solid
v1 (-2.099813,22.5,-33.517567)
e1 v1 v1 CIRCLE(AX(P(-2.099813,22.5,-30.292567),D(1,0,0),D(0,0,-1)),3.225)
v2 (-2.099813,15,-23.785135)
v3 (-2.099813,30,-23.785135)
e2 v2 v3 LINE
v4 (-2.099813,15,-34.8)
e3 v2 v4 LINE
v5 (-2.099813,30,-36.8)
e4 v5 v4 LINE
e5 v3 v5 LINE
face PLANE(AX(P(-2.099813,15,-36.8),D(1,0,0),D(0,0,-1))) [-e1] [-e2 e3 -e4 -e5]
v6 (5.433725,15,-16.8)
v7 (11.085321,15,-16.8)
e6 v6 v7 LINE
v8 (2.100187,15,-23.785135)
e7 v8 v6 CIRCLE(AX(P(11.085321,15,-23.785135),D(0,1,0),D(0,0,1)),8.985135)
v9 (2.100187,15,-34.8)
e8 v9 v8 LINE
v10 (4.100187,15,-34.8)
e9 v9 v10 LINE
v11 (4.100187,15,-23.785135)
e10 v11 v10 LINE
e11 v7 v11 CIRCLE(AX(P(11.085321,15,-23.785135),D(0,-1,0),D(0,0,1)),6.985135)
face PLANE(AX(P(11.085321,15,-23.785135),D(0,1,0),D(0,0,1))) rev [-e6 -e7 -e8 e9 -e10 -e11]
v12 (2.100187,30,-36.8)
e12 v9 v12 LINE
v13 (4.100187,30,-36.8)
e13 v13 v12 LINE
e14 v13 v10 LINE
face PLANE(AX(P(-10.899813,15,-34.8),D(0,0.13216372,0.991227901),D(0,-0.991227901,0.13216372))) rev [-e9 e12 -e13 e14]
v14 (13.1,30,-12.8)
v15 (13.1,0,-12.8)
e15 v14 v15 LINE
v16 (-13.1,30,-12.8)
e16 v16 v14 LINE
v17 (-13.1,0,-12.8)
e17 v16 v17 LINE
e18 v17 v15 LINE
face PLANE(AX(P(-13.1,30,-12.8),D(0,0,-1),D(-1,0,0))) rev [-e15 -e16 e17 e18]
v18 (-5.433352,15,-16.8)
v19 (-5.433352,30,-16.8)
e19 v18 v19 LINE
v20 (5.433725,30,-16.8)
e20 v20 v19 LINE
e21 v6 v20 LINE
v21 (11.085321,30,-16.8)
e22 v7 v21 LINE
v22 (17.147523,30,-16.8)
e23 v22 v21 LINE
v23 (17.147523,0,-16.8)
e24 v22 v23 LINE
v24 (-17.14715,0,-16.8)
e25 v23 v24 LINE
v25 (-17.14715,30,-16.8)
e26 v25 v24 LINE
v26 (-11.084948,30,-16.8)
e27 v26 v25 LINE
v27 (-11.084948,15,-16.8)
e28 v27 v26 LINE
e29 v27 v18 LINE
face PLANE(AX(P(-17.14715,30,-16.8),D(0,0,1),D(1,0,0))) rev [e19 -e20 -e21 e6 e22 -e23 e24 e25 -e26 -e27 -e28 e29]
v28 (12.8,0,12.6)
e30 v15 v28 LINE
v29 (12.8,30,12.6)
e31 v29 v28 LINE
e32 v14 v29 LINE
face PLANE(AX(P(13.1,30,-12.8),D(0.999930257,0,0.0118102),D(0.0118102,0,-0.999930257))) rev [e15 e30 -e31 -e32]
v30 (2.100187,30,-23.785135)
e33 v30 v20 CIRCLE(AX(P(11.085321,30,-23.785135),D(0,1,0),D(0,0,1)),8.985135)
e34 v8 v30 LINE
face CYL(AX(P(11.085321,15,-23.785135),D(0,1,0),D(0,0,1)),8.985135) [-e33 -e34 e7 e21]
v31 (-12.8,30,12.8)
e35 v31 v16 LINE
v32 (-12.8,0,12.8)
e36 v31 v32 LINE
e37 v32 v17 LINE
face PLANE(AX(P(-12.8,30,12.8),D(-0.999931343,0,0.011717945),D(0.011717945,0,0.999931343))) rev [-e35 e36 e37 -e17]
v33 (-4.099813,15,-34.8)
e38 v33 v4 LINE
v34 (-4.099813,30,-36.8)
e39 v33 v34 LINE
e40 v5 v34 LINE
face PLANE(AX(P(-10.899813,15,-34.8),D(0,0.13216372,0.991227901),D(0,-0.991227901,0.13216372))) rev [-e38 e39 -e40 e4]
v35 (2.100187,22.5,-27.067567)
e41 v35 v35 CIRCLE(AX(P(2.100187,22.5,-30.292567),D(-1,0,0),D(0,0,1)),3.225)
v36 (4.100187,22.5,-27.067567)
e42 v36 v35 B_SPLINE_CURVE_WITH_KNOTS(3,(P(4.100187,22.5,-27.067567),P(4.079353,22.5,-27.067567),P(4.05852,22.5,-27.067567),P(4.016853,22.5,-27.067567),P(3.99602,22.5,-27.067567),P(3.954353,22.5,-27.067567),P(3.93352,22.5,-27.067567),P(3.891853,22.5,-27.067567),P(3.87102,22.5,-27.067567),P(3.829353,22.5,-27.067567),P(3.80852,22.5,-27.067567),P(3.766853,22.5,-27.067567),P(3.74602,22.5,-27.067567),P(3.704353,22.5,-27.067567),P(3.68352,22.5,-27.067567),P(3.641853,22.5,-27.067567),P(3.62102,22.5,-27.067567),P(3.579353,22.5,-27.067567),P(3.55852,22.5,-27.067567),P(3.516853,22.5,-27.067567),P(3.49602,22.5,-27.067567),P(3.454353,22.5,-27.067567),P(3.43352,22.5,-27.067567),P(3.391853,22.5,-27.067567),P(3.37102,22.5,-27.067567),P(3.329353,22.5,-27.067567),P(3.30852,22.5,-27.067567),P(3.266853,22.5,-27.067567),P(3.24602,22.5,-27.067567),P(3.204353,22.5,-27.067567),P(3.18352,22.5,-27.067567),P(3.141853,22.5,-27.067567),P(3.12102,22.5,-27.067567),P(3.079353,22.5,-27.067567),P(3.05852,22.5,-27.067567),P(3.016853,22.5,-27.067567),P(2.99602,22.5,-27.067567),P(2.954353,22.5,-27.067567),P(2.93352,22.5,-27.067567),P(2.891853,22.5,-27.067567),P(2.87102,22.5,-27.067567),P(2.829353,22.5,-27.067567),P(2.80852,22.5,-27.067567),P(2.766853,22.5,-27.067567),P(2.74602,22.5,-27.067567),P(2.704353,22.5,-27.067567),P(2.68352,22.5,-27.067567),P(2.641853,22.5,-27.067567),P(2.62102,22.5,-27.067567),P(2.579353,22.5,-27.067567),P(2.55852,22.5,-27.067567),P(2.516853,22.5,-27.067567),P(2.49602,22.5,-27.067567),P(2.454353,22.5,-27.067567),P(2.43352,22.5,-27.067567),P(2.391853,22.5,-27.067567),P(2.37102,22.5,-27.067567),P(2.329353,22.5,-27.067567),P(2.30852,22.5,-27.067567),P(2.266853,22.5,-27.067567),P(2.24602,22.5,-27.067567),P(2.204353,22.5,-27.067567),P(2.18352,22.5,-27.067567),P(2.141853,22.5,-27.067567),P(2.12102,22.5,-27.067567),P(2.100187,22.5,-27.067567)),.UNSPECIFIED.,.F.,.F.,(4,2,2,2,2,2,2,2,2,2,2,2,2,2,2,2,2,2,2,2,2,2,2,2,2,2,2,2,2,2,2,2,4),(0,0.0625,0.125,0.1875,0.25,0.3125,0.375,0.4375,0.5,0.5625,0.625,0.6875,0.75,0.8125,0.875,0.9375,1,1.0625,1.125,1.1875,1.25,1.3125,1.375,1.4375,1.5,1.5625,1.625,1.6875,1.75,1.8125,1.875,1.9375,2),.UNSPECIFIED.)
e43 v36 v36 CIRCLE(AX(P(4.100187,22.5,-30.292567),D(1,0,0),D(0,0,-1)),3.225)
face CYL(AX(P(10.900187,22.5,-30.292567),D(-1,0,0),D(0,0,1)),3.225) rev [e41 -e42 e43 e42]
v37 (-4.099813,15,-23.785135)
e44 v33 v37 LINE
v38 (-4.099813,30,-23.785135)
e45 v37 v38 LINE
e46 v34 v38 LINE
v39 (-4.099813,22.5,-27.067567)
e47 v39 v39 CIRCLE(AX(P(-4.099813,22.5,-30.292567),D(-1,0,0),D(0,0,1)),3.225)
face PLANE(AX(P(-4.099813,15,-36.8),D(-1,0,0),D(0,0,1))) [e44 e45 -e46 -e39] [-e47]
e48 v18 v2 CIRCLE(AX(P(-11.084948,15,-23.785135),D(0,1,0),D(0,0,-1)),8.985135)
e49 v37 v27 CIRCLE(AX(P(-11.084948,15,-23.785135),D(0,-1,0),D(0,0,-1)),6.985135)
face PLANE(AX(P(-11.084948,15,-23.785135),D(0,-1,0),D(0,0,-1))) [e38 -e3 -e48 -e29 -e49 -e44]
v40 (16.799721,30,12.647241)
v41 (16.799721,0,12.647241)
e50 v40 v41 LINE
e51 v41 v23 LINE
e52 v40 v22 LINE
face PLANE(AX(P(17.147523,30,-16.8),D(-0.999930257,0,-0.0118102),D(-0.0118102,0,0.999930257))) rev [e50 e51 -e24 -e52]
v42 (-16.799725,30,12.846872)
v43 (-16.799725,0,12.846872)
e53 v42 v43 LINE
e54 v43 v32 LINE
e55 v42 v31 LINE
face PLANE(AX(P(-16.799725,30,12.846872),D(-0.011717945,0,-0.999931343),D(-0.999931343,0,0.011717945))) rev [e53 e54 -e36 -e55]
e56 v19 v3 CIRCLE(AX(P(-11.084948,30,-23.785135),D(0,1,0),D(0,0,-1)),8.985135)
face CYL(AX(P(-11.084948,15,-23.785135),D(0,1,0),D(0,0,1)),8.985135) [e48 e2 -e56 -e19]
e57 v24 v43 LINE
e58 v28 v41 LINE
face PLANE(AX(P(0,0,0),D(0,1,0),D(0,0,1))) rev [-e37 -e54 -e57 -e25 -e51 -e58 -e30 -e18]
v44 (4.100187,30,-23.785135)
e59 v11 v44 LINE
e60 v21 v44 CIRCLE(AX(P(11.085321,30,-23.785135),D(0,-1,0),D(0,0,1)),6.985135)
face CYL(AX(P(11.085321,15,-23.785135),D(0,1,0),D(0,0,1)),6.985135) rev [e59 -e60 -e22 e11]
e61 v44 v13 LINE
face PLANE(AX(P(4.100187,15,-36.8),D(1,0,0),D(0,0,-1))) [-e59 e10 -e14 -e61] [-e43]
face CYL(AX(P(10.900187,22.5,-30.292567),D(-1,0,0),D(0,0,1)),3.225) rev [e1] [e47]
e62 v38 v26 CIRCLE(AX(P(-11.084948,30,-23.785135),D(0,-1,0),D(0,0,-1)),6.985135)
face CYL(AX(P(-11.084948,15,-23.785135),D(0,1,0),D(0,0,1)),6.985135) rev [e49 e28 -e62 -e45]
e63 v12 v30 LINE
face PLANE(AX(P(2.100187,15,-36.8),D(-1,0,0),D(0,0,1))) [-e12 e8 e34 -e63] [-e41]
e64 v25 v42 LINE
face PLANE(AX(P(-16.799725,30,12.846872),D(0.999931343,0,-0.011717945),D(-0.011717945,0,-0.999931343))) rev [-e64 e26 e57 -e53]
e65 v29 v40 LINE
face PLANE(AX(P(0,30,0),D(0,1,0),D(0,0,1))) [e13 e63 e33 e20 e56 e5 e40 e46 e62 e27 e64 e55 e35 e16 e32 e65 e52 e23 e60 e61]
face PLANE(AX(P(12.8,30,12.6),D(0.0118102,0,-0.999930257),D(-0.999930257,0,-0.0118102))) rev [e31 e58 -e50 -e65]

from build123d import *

# Parameters (mm, degrees)
BOSS_EXTRUDE1_DEPTH = 30
BOSS_EXTRUDE2_DEPTH = 15
SKETCH3_R           = 3.225
CUT_EXTRUDE1_DEPTH  = 15
CUT_EXTRUDE3_DEPTH  = 15


with BuildPart() as part:
    # Sketch1 → Boss-Extrude1 (new body)
    with BuildSketch(Plane(origin=(0, 0, 0), x_dir=(1, 0, 0), z_dir=(0, 1, 0))):
        Polygon((-12.8, -12.8), (-13.1, 12.8), (13.1, 12.8), (12.8, -12.6), (16.799721029, -12.6472408), (17.147523085, 16.8), (-17.147149649, 16.8), (-16.79972537, -12.846871782), align=None)
    extrude(amount=BOSS_EXTRUDE1_DEPTH)

    # Sketch2 → Boss-Extrude2 (add)
    with BuildSketch(Plane(origin=(0, 30, 0), x_dir=(1, 0, 0), z_dir=(0, 1, 0))):
        with BuildLine():
            Line((-4.099813282, 36.8), (-4.099813282, 23.785134539))
            ThreePointArc((-4.099813282, 23.785134539), (-6.145711821, 18.845898539), (-11.084947821, 16.8))
            Line((-11.084947821, 16.8), (-5.433351749, 16.8))
            ThreePointArc((-5.433351749, 16.8), (-2.975909846, 19.915231981), (-2.099813282, 23.785134539))
            Line((-2.099813282, 23.785134539), (-2.099813282, 36.8))
            Line((-2.099813282, 36.8), (-4.099813282, 36.8))
        make_face()
        with BuildLine():
            Line((4.100186718, 36.8), (2.100186718, 36.8))
            Line((2.100186718, 36.8), (2.100186718, 23.785134539))
            ThreePointArc((2.100186718, 23.785134539), (2.976283283, 19.915231981), (5.433725186, 16.8))
            Line((5.433725186, 16.8), (11.085321257, 16.8))
            ThreePointArc((11.085321257, 16.8), (6.146085257, 18.845898539), (4.100186718, 23.785134539))
            Line((4.100186718, 23.785134539), (4.100186718, 36.8))
        make_face()
    extrude(amount=-BOSS_EXTRUDE2_DEPTH)

    # Sketch3 → Cut-Extrude1 (cut)
    with BuildSketch(Plane.ZY.offset(4.099813282)):
        with Locations((-30.29256727, 22.5)):
            Circle(SKETCH3_R)
    extrude(amount=-CUT_EXTRUDE1_DEPTH, mode=Mode.SUBTRACT)

    # Sketch8 → Cut-Extrude3 (cut)
    with BuildSketch(Plane(origin=(4.100186718, 0, 0), x_dir=(0, 0, -1), z_dir=(1, 0, 0))):
        Polygon((36.8, 30), (36.8, 15), (34.8, 15), align=None)
    extrude(amount=-CUT_EXTRUDE3_DEPTH, mode=Mode.SUBTRACT)


solid = part.part
